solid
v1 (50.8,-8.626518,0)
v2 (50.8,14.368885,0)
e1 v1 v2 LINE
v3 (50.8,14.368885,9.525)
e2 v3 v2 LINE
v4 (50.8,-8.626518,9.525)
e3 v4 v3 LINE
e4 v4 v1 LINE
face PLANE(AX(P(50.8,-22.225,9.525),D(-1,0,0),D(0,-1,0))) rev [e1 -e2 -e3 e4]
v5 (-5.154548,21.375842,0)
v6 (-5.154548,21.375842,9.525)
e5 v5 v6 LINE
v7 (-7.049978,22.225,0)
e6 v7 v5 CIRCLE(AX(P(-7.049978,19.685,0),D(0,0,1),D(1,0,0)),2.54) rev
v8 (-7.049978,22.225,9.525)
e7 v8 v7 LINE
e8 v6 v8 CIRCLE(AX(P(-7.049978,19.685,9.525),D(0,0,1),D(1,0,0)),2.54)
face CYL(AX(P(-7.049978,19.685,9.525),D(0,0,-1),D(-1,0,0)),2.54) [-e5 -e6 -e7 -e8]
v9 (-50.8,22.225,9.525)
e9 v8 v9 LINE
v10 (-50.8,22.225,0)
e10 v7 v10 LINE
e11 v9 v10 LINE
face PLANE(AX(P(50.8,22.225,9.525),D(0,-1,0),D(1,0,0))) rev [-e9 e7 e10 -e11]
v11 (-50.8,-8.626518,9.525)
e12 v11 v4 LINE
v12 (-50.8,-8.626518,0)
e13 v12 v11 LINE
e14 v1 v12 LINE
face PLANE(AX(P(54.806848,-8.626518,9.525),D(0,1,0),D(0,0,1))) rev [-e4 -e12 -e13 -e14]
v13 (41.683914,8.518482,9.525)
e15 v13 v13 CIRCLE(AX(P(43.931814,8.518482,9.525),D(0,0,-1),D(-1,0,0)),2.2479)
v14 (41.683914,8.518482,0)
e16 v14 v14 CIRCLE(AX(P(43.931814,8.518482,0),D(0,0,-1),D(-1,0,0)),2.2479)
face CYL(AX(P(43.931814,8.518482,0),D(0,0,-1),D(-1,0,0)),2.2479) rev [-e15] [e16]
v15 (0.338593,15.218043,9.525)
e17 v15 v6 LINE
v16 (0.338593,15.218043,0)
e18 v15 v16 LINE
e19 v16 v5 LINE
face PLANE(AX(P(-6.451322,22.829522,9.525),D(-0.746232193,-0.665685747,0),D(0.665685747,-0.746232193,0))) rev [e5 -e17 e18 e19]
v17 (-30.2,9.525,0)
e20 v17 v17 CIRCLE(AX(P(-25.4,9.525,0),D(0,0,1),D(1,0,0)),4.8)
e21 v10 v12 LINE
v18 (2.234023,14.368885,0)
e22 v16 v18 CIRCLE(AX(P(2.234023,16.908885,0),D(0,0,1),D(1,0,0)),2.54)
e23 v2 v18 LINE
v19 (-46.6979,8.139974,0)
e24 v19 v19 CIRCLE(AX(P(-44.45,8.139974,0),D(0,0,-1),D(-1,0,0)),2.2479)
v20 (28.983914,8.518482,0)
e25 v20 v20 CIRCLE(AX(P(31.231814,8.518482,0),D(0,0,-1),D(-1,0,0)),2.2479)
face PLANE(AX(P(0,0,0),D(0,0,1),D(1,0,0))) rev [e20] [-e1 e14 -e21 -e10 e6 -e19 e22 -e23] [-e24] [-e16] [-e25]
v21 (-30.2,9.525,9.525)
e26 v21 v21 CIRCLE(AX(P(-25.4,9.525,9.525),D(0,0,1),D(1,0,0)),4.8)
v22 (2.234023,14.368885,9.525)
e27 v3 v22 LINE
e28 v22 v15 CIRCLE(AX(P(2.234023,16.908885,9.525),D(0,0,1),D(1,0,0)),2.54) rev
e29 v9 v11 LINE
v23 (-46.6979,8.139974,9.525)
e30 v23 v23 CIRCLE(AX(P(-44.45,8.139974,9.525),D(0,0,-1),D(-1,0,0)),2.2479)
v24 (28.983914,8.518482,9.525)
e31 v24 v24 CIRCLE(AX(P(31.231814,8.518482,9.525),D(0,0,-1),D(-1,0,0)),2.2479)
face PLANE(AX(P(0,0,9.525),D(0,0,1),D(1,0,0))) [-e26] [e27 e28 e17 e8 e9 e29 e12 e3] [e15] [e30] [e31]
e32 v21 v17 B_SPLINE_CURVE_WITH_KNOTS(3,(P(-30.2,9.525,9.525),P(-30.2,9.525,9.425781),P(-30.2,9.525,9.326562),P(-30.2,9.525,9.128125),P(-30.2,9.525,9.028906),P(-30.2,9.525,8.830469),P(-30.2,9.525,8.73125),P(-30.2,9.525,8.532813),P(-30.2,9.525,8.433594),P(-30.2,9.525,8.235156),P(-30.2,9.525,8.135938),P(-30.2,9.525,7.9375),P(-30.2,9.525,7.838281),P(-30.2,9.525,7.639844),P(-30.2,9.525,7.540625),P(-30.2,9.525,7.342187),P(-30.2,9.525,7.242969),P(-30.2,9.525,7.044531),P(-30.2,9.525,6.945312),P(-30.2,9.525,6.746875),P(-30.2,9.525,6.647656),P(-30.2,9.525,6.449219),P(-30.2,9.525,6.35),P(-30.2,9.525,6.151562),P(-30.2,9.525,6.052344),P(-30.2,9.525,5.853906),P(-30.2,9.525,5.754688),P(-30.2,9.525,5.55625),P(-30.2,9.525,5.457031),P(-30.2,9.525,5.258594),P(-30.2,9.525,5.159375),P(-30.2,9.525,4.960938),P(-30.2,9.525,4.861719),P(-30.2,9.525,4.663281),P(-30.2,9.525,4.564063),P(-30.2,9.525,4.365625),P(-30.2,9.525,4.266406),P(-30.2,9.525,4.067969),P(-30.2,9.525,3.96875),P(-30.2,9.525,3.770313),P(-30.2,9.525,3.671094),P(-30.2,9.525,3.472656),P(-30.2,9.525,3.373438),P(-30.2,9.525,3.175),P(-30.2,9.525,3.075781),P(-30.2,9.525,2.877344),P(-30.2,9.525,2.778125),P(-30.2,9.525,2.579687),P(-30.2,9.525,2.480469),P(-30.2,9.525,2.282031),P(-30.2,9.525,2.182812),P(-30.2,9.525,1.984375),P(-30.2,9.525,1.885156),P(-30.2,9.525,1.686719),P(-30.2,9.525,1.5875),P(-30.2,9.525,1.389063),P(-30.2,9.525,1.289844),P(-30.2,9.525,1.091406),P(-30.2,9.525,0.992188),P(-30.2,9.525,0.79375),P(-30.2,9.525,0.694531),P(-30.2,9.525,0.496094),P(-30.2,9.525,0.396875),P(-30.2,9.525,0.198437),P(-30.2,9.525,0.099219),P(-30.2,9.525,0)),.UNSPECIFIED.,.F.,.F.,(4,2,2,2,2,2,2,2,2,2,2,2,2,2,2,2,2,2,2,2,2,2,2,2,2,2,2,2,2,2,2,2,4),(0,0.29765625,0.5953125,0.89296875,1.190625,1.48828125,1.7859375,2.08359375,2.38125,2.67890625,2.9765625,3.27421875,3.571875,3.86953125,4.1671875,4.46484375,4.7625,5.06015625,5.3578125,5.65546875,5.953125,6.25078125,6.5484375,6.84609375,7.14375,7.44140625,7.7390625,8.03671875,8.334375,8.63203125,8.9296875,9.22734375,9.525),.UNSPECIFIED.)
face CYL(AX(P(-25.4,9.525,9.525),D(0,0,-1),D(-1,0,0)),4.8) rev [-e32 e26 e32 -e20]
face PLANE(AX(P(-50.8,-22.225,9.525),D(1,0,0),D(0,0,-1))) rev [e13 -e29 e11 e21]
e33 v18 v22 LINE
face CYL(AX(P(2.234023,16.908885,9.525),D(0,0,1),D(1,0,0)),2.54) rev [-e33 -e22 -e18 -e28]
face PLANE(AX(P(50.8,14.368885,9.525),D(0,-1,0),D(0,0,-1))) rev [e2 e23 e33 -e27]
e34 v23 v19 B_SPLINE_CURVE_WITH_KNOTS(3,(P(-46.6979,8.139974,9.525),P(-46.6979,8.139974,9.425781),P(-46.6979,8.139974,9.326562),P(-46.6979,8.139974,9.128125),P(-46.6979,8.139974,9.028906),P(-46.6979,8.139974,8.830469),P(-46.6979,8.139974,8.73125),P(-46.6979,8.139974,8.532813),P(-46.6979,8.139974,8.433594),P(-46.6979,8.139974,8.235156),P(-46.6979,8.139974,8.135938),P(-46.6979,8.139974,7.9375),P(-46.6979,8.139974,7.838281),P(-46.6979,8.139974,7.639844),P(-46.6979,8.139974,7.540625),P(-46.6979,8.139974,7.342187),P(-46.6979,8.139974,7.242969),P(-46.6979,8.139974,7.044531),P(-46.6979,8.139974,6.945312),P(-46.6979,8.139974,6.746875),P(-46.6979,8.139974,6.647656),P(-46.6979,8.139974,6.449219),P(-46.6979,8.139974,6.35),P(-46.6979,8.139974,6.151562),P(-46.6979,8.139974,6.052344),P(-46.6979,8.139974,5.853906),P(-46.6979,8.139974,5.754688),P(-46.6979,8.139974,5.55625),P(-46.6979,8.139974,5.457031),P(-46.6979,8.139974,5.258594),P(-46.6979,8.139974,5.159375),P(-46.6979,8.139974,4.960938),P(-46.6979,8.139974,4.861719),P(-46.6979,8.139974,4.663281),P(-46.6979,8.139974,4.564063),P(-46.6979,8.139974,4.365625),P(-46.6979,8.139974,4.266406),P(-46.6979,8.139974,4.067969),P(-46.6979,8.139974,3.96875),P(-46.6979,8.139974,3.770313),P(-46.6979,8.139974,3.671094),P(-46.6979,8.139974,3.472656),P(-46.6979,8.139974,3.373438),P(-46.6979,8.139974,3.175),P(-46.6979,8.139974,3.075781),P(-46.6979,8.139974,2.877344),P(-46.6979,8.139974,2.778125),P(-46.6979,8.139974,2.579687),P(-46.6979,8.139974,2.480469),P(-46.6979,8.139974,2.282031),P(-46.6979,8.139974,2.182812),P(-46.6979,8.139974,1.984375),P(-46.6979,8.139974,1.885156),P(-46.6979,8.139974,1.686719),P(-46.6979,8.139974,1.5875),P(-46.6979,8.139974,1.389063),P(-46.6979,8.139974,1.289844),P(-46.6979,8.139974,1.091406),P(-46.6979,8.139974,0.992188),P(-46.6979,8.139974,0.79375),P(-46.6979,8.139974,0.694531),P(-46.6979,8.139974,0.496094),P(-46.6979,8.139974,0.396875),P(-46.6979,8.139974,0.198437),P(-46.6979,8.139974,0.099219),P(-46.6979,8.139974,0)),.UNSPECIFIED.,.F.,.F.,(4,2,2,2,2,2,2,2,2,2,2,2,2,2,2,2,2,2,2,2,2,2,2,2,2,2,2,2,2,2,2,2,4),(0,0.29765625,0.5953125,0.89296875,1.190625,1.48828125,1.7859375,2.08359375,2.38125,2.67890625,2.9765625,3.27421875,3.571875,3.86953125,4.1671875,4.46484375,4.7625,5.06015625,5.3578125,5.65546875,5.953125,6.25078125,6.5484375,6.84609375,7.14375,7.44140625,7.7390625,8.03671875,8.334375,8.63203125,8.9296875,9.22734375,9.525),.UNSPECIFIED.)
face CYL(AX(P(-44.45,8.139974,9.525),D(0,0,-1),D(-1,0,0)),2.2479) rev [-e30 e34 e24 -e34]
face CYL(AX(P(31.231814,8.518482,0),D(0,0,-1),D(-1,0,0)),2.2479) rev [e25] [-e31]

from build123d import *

# Parameters (mm, degrees)
BOSS_EXTRUDE1_DEPTH   = 9.525
SKETCH6_R             = 4.800000000000002
CUT_EXTRUDE1_DEPTH    = 57.261143340675204
SKETCH10_R            = 2.2859999999999947
CUT_EXTRUDE2_DEPTH    = 3.8099999999999996
F_8_CLEARANCE_HOLE1_D = 4.4958
SKETCH13_W            = 109.6136957213275
SKETCH13_H            = 27.196963560799638
CUT_EXTRUDE3_DEPTH    = 57.261143340675204
CUT_EXTRUDE5_DEPTH    = 57.2611433406752
FILLET1_R             = 2.54
SKETCH15_R            = 2.24789999999999
CUT_EXTRUDE6_DEPTH    = 57.26114334073907


with BuildPart() as part:
    # Sketch1 → Boss-Extrude1 (new body)
    with BuildSketch(Plane.XY):
        Polygon((50.79999999999998, -22.225), (-50.800000000000004, -22.225000000000012), (-50.800000000000004, 22.224999999999984), (50.79999999999999, 22.224999999999998), align=None)
    extrude(amount=BOSS_EXTRUDE1_DEPTH)

    # Sketch6 → Cut-Extrude1 (cut, through all)
    with BuildSketch(Plane.XY):
        with Locations(Location((-25.4, 9.524999999999999, 0), (0, 0, 180))):
            Circle(SKETCH6_R)
    extrude(amount=CUT_EXTRUDE1_DEPTH, mode=Mode.SUBTRACT)

    # Sketch10 → Cut-Extrude2 (cut)
    with BuildSketch(Plane.XY.offset(9.525)):
        with Locations((-46.11545283004946, -16.76399999999999)):
            Circle(SKETCH10_R)
    extrude(amount=-CUT_EXTRUDE2_DEPTH, mode=Mode.SUBTRACT)

    # #8 Clearance Hole1 (through all)
    with Locations(Plane(origin=(0, 0, 0), x_dir=(-1, 0, 0), z_dir=(0, 0, -1))):
        with Locations((-43.931814057, 8.51848178), (-31.231814057, 8.51848178)):
            Hole(F_8_CLEARANCE_HOLE1_D / 2)

    # Sketch13 → Cut-Extrude3 (cut, through all)
    with BuildSketch(Plane(origin=(0, 0, 0), x_dir=(-1, 0, 0), z_dir=(0, 0, -1))):
        with Locations((0, -22.225000000072345)):
            Rectangle(SKETCH13_W, SKETCH13_H)
    extrude(amount=-CUT_EXTRUDE3_DEPTH, mode=Mode.SUBTRACT)

    # Sketch14 → Cut-Extrude5 (cut, through all)
    with BuildSketch(Plane(origin=(0, 0, 0), x_dir=(-1, 0, 0), z_dir=(0, 0, -1))):
        Polygon((-50.80000000007075, 14.368885078592964), (-1.0960952551413707, 14.368885078592964), (-0.33859307620571544, 15.218043280381785), (6.4513217163673575, 22.82952215911174), (6.4513217163673575, 26.369267610296045), (-61.117569834071936, 26.369267610296045), (-61.117569834071936, 13.29236417327235), align=None)
    extrude(amount=-CUT_EXTRUDE5_DEPTH, mode=Mode.SUBTRACT)

    # Fillet1
    fillet1_edges = [part.edges().sort_by_distance(p)[0] for p in [
        (-5.912050174530525, 22.22499999999999, 4.7625),
        (1.0960952551413707, 14.368885078592964, 4.7625),
    ]]
    fillet(fillet1_edges, radius=FILLET1_R)

    # Sketch15 → Cut-Extrude6 (cut, through all)
    with BuildSketch(Plane(origin=(0, 0, 0), x_dir=(-1, 0, 0), z_dir=(0, 0, -1))):
        with Locations((44.4499999999996, 8.139974193482002)):
            Circle(SKETCH15_R)
    extrude(amount=-CUT_EXTRUDE6_DEPTH, mode=Mode.SUBTRACT)


solid = part.part
